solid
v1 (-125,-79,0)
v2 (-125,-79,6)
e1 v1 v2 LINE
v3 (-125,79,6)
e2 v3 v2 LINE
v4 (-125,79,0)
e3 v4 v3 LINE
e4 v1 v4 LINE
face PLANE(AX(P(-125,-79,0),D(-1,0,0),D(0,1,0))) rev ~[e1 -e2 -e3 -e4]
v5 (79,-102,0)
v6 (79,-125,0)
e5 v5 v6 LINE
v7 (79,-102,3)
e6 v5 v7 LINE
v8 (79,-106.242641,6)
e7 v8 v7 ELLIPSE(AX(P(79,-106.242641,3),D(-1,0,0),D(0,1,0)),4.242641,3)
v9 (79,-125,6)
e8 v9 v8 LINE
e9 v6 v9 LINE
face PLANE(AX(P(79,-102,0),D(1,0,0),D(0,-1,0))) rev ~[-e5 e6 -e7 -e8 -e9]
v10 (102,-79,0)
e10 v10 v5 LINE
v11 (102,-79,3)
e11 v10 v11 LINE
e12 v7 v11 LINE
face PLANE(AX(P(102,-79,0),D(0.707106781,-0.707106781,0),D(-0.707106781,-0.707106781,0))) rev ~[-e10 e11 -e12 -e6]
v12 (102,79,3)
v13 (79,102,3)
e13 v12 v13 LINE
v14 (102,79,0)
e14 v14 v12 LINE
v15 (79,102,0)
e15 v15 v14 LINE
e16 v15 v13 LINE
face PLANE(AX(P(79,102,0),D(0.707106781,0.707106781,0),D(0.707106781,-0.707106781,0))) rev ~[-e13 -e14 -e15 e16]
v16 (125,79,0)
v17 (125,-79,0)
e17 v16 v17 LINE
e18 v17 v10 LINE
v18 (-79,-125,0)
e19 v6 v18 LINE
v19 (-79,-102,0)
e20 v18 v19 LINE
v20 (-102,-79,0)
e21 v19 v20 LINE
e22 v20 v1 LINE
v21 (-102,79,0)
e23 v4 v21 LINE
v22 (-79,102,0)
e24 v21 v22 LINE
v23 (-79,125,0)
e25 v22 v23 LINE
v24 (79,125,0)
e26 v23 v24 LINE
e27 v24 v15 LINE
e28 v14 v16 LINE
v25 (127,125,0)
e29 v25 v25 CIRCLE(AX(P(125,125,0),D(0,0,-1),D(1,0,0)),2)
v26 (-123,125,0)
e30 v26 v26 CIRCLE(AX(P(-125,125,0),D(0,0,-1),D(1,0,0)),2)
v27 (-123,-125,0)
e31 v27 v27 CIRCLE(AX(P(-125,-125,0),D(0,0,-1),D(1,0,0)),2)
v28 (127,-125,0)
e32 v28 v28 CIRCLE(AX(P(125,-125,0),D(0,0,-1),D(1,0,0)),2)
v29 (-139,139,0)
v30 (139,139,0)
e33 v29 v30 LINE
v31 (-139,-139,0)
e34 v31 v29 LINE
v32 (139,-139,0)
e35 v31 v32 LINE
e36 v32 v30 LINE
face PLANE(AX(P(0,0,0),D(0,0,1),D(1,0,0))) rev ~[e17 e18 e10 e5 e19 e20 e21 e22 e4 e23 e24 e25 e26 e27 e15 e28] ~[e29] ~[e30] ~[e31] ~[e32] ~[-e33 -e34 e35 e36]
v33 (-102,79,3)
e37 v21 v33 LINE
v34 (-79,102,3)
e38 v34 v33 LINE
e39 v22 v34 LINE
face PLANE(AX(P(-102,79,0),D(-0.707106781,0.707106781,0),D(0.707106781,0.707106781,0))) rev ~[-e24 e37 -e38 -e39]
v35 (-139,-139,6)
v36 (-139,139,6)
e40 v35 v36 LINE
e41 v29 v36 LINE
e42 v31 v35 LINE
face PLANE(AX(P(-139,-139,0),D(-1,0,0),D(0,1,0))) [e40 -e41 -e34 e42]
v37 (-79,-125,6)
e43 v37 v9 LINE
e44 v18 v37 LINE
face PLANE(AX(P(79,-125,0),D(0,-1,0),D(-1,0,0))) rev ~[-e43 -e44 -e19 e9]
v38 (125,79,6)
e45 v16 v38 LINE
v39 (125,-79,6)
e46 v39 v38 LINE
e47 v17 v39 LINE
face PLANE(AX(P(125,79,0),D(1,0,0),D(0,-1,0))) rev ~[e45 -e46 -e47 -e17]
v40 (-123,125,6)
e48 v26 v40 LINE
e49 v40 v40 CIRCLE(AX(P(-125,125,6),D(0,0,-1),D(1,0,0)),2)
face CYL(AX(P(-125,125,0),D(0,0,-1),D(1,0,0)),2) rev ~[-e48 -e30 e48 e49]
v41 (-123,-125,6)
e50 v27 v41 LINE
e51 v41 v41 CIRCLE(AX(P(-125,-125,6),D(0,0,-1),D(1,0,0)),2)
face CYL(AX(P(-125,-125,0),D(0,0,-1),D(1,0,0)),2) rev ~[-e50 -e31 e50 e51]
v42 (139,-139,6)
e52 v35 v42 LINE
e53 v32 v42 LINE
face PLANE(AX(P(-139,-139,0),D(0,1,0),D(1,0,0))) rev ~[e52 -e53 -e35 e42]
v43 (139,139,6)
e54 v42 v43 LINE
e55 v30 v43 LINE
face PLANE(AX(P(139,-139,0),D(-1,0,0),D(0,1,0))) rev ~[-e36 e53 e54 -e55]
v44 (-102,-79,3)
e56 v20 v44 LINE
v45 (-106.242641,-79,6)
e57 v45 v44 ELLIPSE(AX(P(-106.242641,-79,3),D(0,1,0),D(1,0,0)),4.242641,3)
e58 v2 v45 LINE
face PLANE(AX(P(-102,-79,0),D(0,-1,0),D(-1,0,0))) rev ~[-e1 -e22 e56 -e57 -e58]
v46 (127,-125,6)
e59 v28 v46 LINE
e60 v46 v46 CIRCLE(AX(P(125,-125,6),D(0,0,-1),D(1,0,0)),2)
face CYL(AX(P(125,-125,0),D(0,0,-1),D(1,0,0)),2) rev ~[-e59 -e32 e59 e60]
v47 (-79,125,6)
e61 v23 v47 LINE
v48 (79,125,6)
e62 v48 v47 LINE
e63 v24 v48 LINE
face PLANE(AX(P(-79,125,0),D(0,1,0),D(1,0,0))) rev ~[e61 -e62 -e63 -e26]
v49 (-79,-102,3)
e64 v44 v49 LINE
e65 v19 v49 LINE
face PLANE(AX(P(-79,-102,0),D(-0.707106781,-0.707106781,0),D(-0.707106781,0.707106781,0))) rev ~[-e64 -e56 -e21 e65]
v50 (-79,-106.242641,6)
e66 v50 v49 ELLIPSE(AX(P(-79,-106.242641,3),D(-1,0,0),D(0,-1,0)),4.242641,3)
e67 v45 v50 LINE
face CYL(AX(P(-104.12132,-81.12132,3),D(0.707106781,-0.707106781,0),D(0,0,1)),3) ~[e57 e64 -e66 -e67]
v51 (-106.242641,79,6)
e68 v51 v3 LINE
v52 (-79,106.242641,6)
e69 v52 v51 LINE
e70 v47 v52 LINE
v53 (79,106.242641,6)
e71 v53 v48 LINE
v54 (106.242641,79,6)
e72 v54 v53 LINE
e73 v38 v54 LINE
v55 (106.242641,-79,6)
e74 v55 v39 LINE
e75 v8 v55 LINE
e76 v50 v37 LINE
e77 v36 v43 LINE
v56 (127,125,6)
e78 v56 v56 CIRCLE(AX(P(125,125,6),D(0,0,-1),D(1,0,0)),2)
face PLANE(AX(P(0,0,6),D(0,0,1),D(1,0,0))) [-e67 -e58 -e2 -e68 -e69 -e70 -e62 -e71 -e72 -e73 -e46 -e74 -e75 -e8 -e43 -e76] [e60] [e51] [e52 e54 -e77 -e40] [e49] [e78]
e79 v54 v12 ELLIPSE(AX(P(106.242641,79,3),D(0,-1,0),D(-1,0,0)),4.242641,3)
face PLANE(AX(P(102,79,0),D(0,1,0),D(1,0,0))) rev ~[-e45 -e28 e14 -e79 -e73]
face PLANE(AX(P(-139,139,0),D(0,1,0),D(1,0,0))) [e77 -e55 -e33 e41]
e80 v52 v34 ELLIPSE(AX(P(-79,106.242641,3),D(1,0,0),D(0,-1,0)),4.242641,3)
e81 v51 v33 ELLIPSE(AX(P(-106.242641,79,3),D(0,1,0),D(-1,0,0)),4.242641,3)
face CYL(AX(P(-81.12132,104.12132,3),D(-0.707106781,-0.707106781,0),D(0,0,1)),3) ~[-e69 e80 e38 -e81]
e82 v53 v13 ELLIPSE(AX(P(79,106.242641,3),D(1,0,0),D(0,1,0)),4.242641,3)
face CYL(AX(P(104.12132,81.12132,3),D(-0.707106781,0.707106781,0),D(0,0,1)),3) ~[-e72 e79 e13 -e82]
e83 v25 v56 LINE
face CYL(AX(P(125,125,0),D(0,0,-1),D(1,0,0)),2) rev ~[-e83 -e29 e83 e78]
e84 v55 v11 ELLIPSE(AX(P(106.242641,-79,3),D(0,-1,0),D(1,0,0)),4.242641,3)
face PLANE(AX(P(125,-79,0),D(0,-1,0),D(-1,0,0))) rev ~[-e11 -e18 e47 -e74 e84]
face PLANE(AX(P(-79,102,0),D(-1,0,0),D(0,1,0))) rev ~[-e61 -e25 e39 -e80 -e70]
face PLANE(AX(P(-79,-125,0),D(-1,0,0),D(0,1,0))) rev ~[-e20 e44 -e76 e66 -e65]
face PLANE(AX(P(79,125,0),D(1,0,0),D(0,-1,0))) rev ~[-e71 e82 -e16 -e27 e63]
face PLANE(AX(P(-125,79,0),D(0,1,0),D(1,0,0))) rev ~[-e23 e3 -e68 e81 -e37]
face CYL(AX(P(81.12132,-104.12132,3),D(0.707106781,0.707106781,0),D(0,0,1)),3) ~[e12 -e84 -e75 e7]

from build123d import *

# Parameters (mm, degrees)
SKETCH002_W          = 278
SKETCH002_H          = 278
PAD002_DEPTH         = 6
POCKET_DEPTH         = 0.001
POCKET_DEPTH_BACK    = 6.001
SKETCH004_R          = 2
POCKET001_DEPTH      = 6.001
POCKET001_DEPTH_BACK = 0.001
FILLET_R             = 3


with BuildPart() as part:
    # Sketch002 → Pad002 (new body)
    with BuildSketch(Plane.XY):
        Rectangle(SKETCH002_W, SKETCH002_H)
    extrude(amount=PAD002_DEPTH)

    # Sketch003 → Pocket (cut, two sides)
    with BuildSketch(Plane.XY) as pocket_sk:
        Polygon((-79, 125), (79, 125), (79, 102), (102, 79), (125, 79), (125, -79), (102, -79), (79, -102), (79, -125), (-79, -125), (-79, -102), (-102, -79), (-125, -79), (-125, 79), (-102, 79), (-79, 102), align=None)
    extrude(amount=-POCKET_DEPTH, mode=Mode.SUBTRACT)
    extrude(pocket_sk.sketch, amount=POCKET_DEPTH_BACK, mode=Mode.SUBTRACT)

    # Sketch004 (on Face5 of Pad002) → Pocket001 (cut, two sides)
    with BuildSketch(Plane(origin=(0, 0, 0), x_dir=(1, 0, 0), z_dir=(0, 0, -1))) as pocket001_sk:
        with Locations((-125, 125)):
            Circle(SKETCH004_R)
        with Locations((125, 125)):
            Circle(SKETCH004_R)
        with Locations((125, -125)):
            Circle(SKETCH004_R)
        with Locations((-125, -125)):
            Circle(SKETCH004_R)
    extrude(amount=-POCKET001_DEPTH, mode=Mode.SUBTRACT)
    extrude(pocket001_sk.sketch, amount=POCKET001_DEPTH_BACK, mode=Mode.SUBTRACT)

    # Fillet
    fillet_edges = [part.edges().sort_by_distance(p)[0] for p in [
        (-90.5, -90.5, 6),
        (-90.5, 90.5, 6),
        (90.5, 90.5, 6),
        (90.5, -90.5, 6),
    ]]
    fillet(fillet_edges, radius=FILLET_R)


solid = part.part
